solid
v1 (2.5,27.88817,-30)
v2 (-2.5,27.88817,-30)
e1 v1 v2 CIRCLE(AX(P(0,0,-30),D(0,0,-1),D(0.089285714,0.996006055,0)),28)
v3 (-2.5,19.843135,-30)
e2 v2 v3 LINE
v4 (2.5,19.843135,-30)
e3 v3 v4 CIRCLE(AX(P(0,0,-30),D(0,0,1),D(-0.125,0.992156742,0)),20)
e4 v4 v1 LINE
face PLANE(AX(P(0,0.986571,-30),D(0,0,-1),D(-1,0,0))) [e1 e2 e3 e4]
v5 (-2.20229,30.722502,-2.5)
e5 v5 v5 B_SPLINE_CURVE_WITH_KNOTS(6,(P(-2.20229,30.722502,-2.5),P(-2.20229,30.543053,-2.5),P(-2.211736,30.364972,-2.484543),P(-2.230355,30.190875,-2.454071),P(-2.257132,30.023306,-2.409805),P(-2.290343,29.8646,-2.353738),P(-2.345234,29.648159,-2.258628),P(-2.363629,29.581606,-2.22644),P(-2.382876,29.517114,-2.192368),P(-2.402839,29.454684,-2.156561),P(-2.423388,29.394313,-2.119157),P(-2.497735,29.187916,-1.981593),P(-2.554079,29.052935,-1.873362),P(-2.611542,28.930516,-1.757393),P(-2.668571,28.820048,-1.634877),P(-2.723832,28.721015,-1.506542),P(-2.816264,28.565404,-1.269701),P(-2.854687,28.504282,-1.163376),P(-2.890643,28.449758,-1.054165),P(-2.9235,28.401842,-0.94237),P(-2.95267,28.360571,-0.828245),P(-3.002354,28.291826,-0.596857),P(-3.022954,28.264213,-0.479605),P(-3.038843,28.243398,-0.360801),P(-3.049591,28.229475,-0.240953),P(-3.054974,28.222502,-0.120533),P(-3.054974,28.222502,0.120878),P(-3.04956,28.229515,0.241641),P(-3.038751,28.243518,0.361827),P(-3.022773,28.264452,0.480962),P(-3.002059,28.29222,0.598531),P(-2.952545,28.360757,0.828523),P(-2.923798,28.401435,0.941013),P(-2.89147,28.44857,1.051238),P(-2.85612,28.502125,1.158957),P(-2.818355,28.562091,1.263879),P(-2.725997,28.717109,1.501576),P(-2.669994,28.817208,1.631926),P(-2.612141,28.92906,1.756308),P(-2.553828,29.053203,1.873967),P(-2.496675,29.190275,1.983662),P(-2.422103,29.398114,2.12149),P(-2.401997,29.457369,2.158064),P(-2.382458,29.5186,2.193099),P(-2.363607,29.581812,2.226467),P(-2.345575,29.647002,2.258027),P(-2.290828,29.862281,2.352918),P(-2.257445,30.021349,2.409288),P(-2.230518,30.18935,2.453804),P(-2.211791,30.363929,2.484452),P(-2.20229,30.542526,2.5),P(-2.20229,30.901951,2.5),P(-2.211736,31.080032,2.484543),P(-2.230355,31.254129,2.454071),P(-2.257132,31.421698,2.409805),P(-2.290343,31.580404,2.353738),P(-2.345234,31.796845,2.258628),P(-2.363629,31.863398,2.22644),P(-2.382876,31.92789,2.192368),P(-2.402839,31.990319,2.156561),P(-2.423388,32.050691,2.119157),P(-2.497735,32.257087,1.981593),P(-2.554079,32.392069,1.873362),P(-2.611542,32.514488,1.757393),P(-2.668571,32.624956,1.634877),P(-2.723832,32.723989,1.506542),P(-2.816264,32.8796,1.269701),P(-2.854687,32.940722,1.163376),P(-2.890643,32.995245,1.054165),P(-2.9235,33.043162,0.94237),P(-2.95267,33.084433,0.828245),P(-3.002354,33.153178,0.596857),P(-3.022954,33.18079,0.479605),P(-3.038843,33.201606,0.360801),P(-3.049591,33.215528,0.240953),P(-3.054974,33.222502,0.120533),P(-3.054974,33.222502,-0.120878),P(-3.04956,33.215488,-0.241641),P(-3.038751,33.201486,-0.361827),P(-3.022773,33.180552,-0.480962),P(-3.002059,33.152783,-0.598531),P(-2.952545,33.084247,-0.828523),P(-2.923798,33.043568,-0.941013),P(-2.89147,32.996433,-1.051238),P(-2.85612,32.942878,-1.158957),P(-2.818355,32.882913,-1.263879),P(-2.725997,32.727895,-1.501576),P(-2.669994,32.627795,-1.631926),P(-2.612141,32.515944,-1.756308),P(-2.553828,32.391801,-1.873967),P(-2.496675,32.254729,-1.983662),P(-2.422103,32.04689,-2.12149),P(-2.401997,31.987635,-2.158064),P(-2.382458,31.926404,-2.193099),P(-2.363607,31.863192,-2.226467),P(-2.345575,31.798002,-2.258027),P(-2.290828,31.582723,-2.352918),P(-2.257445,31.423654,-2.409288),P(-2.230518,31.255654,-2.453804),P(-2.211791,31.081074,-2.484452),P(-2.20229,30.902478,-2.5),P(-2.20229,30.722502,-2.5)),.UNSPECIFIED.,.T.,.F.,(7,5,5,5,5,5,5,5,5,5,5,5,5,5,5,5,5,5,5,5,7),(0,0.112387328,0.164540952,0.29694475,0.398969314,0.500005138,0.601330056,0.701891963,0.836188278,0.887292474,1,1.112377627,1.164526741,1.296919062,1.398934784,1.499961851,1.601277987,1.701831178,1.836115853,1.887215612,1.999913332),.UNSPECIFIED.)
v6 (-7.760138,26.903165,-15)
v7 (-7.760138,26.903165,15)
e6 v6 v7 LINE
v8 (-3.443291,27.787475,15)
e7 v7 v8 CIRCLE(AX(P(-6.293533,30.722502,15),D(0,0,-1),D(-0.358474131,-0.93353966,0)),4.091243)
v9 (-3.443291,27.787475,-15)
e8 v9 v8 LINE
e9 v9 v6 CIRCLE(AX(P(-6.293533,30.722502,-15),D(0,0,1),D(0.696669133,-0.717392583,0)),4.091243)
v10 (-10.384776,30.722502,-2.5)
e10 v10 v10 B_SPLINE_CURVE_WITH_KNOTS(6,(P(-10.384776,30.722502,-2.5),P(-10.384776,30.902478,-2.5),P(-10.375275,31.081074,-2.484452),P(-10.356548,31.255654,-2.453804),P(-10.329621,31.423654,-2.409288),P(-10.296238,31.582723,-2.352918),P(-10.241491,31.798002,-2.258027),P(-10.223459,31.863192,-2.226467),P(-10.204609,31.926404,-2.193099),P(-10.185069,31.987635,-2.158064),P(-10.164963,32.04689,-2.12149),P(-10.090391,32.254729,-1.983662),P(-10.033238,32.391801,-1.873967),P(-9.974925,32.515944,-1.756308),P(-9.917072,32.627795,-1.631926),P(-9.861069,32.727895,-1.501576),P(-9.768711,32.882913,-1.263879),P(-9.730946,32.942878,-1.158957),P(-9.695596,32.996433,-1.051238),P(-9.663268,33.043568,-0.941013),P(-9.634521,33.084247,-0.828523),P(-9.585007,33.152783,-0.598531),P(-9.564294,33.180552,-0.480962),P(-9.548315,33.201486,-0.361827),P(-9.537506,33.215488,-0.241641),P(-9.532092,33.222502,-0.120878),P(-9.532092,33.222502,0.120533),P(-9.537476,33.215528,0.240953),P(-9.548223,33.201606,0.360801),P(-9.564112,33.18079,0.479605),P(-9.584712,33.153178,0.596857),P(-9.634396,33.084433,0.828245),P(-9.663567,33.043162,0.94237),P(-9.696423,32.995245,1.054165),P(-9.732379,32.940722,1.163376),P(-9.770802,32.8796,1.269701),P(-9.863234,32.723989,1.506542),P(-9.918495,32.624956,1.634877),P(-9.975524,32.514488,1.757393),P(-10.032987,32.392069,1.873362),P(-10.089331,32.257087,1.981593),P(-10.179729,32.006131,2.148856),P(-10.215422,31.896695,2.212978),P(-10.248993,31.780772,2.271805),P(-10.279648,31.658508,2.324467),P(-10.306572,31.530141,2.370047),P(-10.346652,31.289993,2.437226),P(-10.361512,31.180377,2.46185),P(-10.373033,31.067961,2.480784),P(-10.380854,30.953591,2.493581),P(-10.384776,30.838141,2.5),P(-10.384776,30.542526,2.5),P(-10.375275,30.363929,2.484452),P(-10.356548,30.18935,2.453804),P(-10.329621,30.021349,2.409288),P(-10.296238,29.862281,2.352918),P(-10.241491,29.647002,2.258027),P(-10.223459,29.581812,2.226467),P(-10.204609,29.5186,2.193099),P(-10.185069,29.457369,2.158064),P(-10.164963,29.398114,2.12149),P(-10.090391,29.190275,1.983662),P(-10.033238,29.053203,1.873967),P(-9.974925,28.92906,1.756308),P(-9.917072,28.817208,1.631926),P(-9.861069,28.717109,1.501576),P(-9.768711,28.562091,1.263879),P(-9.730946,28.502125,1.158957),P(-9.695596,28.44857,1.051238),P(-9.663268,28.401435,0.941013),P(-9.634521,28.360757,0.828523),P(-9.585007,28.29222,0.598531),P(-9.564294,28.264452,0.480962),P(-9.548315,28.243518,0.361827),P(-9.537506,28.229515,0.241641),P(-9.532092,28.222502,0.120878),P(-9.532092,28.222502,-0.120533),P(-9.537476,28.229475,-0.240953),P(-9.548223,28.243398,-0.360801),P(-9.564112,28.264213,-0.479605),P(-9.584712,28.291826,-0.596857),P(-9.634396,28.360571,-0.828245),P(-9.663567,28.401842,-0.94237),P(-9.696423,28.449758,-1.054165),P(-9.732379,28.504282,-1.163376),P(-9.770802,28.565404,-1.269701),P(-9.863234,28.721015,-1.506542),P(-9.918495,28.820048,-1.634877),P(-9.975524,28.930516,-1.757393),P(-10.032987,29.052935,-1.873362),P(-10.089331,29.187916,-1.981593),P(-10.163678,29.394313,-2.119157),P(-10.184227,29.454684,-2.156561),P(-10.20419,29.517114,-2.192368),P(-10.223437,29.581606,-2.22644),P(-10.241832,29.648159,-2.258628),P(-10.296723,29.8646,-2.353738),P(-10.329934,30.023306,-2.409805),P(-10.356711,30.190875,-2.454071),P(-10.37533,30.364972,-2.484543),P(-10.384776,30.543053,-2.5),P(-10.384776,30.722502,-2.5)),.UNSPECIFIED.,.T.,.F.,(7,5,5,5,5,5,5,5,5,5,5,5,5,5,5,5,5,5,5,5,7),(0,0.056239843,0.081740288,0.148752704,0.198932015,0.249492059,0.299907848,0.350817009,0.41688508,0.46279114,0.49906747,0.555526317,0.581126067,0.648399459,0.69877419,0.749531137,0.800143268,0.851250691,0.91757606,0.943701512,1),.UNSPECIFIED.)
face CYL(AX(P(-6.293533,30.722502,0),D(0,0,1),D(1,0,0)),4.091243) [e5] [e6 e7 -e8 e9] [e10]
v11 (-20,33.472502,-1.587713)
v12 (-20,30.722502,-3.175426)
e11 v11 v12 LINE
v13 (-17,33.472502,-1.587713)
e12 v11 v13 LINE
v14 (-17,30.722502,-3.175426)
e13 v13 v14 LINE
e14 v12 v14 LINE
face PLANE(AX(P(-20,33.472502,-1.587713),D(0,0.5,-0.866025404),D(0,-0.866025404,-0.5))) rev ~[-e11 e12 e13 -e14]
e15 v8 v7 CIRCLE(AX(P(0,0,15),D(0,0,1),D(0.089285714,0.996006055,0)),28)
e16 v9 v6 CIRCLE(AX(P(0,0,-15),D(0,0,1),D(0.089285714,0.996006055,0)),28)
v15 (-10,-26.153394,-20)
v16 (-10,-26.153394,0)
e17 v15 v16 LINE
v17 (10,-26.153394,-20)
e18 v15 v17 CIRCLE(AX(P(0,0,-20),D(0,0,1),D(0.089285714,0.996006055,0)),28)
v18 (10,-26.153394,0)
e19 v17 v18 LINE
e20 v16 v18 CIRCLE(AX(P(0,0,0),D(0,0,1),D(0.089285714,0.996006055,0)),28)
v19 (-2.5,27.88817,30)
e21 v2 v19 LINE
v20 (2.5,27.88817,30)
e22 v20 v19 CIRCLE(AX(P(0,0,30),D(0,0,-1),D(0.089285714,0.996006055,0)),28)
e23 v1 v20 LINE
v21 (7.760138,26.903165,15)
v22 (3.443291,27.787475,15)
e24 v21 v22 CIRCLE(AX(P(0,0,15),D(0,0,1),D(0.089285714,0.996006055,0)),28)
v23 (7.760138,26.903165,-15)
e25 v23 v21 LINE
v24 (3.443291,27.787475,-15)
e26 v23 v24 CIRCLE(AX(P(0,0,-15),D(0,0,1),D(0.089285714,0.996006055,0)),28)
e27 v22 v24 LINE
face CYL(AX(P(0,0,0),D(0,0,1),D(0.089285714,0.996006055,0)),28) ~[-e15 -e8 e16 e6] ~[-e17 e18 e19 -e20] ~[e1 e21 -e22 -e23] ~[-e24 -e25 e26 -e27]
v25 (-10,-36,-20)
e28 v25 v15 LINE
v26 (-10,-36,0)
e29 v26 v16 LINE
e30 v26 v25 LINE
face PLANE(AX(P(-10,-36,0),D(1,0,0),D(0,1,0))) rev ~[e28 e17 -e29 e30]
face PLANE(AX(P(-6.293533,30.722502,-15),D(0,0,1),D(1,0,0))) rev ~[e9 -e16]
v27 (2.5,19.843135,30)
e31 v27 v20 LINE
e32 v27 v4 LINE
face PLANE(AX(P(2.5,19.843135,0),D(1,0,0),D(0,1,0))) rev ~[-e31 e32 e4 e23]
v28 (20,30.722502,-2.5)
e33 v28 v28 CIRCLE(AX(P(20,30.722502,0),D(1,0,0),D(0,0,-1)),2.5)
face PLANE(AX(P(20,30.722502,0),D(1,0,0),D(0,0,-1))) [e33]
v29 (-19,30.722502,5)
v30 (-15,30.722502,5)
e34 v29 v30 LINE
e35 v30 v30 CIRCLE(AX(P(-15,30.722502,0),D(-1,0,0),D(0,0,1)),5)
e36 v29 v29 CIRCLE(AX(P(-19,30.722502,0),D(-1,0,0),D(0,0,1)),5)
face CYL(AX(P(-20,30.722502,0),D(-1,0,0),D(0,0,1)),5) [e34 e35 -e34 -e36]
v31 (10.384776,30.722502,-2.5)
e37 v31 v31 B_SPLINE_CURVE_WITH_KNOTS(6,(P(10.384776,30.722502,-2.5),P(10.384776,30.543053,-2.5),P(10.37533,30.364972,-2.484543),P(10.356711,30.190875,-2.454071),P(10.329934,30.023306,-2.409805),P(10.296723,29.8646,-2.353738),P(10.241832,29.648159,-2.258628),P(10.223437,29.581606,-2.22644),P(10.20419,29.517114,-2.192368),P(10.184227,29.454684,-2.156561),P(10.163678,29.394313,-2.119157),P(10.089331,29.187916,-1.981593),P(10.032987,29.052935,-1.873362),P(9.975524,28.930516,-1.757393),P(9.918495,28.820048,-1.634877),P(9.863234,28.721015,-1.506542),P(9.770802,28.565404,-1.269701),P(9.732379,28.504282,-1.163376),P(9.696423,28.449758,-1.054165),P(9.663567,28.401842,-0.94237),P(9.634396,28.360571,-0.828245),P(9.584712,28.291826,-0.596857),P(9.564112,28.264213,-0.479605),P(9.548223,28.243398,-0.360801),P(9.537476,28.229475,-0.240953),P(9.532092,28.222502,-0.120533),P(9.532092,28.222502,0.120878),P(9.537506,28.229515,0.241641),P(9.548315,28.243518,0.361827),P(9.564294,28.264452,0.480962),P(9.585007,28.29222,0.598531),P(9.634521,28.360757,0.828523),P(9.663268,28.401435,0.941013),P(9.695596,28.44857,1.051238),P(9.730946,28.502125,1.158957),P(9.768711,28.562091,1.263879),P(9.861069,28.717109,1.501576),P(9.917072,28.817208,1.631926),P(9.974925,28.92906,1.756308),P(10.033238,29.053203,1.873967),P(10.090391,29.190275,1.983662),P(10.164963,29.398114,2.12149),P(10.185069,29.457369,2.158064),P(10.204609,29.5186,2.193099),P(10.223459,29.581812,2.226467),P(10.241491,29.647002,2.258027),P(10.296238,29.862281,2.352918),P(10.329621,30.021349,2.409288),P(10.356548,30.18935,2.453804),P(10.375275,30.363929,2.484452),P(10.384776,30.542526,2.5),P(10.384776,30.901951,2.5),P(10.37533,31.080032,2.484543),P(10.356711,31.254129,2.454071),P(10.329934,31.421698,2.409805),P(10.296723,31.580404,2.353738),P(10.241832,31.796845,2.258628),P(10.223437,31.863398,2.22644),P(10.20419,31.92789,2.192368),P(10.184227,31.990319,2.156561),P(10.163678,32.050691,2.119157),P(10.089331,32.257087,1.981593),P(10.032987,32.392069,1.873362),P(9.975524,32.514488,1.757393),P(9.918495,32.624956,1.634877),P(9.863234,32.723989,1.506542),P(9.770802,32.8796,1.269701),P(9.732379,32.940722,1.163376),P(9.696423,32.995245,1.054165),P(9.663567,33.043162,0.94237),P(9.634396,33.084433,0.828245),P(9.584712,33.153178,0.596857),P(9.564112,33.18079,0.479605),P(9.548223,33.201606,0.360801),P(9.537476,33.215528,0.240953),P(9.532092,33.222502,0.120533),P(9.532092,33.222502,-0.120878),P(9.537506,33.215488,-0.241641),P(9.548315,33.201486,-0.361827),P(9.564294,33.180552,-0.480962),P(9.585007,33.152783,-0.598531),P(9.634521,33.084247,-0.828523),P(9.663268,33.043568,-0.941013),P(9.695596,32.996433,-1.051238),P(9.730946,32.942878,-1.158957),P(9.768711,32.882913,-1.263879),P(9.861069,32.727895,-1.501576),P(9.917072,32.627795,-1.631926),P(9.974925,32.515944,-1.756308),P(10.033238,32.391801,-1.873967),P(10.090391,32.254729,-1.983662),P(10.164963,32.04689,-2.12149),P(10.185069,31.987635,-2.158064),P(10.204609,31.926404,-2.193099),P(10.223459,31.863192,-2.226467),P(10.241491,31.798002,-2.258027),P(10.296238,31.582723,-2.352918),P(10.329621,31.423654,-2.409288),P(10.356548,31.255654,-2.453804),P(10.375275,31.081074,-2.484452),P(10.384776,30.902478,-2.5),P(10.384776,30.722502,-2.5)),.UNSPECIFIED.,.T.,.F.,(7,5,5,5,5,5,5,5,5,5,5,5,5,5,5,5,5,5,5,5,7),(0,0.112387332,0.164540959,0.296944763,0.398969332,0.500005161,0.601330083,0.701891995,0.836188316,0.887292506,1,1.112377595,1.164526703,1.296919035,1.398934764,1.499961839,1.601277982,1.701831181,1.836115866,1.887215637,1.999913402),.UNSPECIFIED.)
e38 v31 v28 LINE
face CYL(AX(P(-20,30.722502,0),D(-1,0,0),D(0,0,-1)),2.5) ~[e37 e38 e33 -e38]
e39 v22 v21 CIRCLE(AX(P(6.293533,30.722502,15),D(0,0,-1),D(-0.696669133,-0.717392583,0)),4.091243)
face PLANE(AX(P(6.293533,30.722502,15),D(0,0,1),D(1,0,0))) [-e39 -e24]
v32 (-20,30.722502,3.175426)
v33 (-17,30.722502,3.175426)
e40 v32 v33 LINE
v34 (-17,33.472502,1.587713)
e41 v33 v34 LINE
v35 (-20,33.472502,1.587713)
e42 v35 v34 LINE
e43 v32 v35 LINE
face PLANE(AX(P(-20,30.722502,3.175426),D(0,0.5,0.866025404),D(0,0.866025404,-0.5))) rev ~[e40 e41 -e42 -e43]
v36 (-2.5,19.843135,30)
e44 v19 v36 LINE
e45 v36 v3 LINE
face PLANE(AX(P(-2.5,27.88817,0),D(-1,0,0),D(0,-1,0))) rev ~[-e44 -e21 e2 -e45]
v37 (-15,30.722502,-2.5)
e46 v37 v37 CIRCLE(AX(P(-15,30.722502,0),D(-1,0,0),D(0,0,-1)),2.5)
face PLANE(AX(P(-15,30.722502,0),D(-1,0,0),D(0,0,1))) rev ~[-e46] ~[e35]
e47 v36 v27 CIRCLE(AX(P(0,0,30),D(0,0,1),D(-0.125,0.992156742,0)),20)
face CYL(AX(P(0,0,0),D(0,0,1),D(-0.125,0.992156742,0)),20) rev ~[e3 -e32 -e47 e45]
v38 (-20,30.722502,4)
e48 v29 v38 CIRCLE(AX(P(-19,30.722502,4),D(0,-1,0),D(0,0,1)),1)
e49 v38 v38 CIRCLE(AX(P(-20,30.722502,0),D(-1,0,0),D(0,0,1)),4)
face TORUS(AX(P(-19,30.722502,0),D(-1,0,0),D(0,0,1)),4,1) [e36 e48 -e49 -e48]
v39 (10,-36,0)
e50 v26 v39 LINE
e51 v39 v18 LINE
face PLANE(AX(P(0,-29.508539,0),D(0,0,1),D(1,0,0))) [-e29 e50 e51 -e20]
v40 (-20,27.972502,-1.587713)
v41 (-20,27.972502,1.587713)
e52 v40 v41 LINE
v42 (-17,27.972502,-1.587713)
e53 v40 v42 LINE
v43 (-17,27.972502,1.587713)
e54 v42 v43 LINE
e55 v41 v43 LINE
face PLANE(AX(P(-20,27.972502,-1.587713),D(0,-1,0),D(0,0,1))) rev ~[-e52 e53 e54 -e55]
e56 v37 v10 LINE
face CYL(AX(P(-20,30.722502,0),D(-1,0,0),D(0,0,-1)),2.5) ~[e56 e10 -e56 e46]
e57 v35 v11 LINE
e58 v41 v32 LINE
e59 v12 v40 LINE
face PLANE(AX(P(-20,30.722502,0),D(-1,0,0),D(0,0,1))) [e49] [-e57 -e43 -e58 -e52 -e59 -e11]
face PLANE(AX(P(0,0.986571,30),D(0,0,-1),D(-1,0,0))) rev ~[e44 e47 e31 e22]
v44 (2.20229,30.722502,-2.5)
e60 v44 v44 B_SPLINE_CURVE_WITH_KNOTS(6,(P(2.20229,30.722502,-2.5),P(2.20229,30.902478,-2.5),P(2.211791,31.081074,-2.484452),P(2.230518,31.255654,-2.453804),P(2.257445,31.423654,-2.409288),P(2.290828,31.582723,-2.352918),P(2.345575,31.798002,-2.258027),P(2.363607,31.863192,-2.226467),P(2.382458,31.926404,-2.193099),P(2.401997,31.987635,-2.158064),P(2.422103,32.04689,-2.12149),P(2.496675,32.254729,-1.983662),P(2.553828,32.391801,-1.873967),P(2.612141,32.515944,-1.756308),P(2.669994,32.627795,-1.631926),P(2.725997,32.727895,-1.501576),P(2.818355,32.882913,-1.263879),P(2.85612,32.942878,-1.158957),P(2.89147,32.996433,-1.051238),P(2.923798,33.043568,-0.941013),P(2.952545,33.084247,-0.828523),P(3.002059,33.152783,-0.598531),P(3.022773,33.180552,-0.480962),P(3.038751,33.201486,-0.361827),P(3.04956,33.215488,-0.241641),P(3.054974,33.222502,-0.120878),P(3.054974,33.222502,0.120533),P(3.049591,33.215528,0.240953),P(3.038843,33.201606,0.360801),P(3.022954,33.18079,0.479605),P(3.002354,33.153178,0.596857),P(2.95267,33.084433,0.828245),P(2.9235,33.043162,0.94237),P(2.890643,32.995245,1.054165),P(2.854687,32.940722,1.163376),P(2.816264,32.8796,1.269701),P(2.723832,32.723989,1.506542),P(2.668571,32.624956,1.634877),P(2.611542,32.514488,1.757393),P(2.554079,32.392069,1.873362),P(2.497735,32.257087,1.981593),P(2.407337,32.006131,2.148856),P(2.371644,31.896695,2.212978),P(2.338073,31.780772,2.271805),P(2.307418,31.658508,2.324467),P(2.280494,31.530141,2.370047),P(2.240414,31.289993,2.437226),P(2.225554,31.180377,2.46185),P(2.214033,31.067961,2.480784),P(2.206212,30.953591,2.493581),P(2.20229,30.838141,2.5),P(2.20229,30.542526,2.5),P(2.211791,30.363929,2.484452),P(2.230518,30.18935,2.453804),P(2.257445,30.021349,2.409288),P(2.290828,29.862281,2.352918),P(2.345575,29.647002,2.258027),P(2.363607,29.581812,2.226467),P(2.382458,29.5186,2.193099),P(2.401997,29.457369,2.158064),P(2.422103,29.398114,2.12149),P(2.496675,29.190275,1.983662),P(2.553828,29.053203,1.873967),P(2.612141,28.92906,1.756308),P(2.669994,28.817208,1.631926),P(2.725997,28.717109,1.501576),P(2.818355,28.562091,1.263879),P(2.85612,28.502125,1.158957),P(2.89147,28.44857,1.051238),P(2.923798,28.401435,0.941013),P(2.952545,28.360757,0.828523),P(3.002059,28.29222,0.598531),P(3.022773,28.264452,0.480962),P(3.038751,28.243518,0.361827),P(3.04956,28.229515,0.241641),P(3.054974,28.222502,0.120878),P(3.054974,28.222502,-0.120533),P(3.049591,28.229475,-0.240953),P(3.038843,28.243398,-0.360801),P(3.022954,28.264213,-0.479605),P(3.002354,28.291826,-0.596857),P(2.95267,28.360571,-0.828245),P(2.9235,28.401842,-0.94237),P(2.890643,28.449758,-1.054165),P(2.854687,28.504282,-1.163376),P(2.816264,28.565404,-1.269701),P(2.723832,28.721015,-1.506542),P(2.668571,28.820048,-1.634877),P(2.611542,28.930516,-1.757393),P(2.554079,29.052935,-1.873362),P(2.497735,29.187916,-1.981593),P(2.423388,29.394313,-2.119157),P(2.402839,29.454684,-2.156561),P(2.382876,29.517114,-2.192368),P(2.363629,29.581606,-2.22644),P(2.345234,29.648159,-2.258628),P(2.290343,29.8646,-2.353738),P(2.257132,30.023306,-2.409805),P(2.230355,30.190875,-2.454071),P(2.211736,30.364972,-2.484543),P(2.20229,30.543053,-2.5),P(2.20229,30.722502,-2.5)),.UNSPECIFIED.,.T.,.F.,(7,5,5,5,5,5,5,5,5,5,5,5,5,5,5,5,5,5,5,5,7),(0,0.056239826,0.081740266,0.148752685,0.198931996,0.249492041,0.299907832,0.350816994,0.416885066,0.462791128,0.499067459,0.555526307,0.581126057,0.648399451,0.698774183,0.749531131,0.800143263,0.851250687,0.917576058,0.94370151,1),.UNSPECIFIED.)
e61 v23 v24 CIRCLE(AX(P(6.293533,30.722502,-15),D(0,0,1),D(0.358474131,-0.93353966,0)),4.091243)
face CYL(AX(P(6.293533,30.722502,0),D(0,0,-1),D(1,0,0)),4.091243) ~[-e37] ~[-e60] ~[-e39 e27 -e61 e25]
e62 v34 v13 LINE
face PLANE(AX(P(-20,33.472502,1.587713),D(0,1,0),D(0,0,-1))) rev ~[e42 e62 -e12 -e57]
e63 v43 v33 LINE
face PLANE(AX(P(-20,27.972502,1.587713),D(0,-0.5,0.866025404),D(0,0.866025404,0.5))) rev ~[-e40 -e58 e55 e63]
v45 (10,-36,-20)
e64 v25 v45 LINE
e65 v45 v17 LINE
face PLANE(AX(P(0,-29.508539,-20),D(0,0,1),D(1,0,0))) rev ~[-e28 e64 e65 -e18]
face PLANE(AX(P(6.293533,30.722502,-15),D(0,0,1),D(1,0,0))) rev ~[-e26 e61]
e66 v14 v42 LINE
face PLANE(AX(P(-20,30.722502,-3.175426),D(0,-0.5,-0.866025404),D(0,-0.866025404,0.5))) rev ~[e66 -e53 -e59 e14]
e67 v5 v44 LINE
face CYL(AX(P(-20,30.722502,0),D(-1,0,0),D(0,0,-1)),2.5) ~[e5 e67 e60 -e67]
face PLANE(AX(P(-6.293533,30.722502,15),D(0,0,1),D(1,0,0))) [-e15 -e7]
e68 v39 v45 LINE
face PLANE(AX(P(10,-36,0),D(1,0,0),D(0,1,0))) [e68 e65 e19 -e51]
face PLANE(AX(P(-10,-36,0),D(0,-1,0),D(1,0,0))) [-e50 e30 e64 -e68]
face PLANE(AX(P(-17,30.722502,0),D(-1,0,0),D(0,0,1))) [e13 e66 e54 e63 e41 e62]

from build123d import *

# Parameters (mm, degrees)
BOSS_EXTRUDE1_DEPTH      = 30
SKETCH2_R                = 4.091242679
BOSS_EXTRUDE2_DEPTH      = 15
SKETCH3_W                = 20
SKETCH3_H                = 12.982921918
BOSS_EXTRUDE3_DEPTH      = 20
BOSS_EXTRUDE5_DEPTH      = 20
BOSS_EXTRUDE5_DEPTH_BACK = 20
SKETCH5_R                = 2.5
SKETCH6_R                = 5
BOSS_EXTRUDE6_DEPTH      = 5
CUT_EXTRUDE1_DEPTH       = 3
FILLET2_R                = 1


with BuildPart() as part:
    # Sketch1 → Boss-Extrude1 (new, symmetric)
    with BuildSketch(Plane.XY):
        with BuildLine():
            Line((-2.5, 27.888169535), (-2.5, 19.843134833))
            ThreePointArc((-2.5, 19.843134833), (0, -20), (2.5, 19.843134833))
            Line((2.5, 19.843134833), (2.5, 27.888169535))
            ThreePointArc((2.5, 27.888169535), (0, -28), (-2.5, 27.888169535))
        make_face()
    extrude(amount=BOSS_EXTRUDE1_DEPTH, both=True)

    # Sketch2 → Boss-Extrude2 (add, symmetric)
    with BuildSketch(Plane.XY):
        with Locations((6.293533022, 30.722501857)):
            Circle(SKETCH2_R)
        with Locations((-6.293533022, 30.722501857)):
            Circle(SKETCH2_R)
    extrude(amount=BOSS_EXTRUDE2_DEPTH, both=True)

    # Sketch3 → Boss-Extrude3 (add)
    with BuildSketch(Plane.XY):
        with Locations((0, -29.508539041)):
            Rectangle(SKETCH3_W, SKETCH3_H)
    extrude(amount=-BOSS_EXTRUDE3_DEPTH)

    # Sketch5 → Boss-Extrude5 (add, two sides: drawn at the far end of the back side and taken through both)
    with BuildSketch(Plane(origin=(0, 0, 0), x_dir=(0, 0, -1), z_dir=(1, 0, 0)).offset(-BOSS_EXTRUDE5_DEPTH_BACK)):
        with Locations((0, 30.722501857)):
            Circle(SKETCH5_R)
    extrude(amount=BOSS_EXTRUDE5_DEPTH + BOSS_EXTRUDE5_DEPTH_BACK)

    # Sketch6 → Boss-Extrude6 (add)
    with BuildSketch(Plane.ZY.offset(20)):
        with Locations((0, 30.722501857)):
            Circle(SKETCH6_R)
    extrude(amount=-BOSS_EXTRUDE6_DEPTH)

    # Sketch7 → Cut-Extrude1 (cut)
    with BuildSketch(Plane.ZY.offset(20)):
        Polygon((1.58771324, 27.972501857), (3.175426481, 30.722501857), (1.58771324, 33.472501857), (-1.58771324, 33.472501857), (-3.175426481, 30.722501857), (-1.58771324, 27.972501857), align=None)
    extrude(amount=-CUT_EXTRUDE1_DEPTH, mode=Mode.SUBTRACT)

    # Fillet2
    fillet2_edges = [part.edges().sort_by_distance(p)[0] for p in [
        (-20, 30.722501857, -5),
    ]]
    fillet(fillet2_edges, radius=FILLET2_R)


solid = part.part
